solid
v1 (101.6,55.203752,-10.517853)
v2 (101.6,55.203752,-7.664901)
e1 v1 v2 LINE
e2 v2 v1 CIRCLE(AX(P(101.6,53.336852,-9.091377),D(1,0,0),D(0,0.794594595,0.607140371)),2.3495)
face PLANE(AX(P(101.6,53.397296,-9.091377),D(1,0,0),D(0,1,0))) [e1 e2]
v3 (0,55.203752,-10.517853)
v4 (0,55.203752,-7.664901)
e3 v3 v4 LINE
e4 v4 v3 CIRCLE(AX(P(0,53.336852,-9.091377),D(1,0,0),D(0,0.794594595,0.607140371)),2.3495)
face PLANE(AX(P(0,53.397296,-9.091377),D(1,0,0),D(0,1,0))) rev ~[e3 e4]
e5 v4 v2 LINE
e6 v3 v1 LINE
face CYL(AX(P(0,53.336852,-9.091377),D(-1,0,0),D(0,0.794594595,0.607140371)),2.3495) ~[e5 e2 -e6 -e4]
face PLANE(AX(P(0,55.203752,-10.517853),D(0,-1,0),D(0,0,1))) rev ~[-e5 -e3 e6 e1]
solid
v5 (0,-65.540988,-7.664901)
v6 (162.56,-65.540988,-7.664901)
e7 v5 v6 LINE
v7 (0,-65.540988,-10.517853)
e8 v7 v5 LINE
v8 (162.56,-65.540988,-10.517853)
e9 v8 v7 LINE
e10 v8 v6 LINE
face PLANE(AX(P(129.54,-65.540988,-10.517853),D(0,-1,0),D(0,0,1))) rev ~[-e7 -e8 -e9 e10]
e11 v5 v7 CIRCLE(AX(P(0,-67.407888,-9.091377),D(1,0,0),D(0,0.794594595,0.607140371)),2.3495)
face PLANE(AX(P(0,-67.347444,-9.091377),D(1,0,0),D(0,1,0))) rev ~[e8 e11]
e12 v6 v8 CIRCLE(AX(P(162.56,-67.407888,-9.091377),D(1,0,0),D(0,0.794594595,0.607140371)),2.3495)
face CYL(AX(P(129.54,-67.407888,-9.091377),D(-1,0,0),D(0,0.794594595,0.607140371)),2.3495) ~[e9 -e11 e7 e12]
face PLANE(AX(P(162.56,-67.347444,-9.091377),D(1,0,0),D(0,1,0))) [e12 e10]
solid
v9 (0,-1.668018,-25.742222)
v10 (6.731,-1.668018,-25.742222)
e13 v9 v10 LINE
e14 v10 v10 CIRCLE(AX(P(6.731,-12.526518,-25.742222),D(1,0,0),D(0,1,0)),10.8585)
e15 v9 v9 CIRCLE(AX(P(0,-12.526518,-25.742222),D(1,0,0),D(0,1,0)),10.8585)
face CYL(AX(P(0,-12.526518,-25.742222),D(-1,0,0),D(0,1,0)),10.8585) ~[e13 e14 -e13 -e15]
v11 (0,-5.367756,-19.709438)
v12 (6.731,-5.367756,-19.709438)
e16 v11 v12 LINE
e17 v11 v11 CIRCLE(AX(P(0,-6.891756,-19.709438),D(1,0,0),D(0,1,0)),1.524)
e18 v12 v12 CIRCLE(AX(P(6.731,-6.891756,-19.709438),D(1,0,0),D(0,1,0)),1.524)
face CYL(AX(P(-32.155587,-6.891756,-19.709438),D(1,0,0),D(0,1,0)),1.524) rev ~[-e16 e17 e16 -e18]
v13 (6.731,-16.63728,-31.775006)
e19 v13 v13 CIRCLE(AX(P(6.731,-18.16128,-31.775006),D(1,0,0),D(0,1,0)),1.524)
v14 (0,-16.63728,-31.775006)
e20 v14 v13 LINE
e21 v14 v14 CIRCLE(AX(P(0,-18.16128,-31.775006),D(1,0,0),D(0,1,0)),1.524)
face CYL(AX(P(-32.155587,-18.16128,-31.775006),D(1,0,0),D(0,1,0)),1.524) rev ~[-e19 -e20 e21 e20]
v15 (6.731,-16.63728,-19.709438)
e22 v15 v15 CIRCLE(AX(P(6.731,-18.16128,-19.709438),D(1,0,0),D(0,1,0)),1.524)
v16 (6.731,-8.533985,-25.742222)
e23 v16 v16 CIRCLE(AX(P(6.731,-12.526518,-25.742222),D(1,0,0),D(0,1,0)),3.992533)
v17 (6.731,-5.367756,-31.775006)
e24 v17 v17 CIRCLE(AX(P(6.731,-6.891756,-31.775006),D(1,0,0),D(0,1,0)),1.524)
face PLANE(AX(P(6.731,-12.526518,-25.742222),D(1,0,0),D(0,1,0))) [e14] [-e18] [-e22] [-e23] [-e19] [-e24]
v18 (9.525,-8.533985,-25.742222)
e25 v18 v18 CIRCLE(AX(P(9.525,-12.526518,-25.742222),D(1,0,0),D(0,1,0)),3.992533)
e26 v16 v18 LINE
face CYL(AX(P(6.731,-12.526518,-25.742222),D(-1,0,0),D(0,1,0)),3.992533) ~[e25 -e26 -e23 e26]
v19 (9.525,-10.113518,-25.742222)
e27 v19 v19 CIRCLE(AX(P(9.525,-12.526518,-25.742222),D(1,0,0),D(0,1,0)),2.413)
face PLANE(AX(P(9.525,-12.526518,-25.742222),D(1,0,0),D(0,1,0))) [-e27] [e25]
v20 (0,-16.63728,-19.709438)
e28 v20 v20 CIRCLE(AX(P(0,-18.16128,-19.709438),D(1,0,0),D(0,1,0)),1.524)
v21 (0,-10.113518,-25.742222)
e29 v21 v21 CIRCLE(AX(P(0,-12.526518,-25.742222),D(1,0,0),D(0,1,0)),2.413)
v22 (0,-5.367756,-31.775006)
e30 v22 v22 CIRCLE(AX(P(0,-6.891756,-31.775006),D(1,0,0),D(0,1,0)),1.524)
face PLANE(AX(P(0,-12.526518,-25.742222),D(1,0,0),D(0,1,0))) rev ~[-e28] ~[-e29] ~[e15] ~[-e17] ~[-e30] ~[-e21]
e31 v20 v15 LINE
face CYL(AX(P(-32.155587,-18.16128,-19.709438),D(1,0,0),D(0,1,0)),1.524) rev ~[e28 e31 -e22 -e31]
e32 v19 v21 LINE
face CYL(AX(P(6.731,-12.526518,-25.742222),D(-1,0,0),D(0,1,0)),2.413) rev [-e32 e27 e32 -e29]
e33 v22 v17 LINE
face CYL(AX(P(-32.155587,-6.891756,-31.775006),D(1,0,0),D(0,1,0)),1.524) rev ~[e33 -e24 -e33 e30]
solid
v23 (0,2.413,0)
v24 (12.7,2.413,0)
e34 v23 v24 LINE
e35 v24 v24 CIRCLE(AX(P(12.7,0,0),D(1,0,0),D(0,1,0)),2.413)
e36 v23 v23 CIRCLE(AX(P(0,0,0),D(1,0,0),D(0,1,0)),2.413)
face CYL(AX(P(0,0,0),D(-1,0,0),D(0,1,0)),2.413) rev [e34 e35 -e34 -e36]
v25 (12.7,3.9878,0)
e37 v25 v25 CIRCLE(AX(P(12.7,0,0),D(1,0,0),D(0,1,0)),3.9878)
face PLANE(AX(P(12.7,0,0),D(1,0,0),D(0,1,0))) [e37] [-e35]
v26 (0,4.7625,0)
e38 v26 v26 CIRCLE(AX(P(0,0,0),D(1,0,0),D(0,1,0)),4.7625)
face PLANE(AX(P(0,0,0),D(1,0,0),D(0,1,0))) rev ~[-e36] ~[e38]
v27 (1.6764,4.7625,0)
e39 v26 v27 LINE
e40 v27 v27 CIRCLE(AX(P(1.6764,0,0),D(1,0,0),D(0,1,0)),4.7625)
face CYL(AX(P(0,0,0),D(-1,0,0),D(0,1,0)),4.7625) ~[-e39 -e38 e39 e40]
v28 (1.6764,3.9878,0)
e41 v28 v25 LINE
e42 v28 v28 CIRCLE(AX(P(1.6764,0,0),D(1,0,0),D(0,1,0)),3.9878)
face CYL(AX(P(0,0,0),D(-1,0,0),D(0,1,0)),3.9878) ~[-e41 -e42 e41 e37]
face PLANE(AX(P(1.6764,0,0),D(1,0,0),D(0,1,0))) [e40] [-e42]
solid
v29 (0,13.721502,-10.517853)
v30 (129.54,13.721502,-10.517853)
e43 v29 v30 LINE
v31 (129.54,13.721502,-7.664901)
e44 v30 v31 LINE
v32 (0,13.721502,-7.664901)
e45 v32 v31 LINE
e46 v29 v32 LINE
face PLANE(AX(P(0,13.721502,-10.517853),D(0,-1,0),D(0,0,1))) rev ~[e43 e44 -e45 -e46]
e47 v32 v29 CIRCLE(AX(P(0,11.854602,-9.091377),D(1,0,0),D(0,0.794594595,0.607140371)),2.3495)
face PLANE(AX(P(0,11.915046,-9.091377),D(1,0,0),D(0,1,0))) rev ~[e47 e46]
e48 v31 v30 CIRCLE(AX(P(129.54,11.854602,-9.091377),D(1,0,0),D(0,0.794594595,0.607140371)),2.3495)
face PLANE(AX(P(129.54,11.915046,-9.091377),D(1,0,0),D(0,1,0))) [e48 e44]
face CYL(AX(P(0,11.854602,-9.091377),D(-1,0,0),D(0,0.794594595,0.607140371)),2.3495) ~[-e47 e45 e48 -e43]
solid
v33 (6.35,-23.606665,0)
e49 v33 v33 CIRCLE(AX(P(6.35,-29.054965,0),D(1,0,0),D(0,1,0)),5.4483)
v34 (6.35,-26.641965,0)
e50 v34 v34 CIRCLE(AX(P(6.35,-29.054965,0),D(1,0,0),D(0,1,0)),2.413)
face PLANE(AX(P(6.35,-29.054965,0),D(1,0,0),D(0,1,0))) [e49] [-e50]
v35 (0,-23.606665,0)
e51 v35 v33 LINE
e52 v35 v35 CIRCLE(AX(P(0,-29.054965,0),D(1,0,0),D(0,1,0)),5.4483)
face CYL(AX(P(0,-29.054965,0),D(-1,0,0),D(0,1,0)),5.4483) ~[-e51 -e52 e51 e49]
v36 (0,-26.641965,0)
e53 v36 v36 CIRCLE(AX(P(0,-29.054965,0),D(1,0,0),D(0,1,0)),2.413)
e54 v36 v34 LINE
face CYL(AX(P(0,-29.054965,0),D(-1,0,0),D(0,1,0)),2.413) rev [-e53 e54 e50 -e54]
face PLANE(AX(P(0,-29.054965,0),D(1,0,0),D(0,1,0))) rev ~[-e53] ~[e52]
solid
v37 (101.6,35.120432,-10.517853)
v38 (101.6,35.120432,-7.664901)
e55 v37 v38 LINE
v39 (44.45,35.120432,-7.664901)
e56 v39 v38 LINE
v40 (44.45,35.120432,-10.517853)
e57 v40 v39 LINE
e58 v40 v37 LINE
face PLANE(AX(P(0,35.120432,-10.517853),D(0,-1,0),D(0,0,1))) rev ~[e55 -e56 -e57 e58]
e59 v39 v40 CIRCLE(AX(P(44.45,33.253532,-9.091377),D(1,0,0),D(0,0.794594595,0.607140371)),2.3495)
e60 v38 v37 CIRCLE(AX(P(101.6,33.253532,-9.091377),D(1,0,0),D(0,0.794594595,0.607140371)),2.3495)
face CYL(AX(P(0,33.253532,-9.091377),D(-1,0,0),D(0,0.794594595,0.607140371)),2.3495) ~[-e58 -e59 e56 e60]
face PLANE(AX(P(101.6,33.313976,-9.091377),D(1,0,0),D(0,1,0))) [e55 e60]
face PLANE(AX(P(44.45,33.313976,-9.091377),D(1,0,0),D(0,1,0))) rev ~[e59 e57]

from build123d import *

# Parameters (mm, degrees)
F0_R      = 4.7625
F0_R_2    = 3.9878
F1_DEPTH  = 1.6764
F0_R_3    = 2.413
F2_DEPTH  = 12.7
F3_R      = 5.4483
F3_R_2    = 2.413
F4_DEPTH  = 6.35
F5_R      = 10.8585
F5_R_2    = 2.413
F6_DEPTH  = 6.731
F7_R      = 3.9925331181
F7_R_2    = 2.413
F8_DEPTH  = 2.794
F10_D     = 3.048
F12_DEPTH = 129.54
F14_DEPTH = 27.94
F16_DEPTH = 33.02
F18_DEPTH = 44.45


with BuildPart() as f1:
    # F0 (on Right) → F1 (new body)
    with BuildSketch(Plane.YZ):
        Circle(F0_R)
        Circle(F0_R_2, mode=Mode.SUBTRACT)
    extrude(amount=F1_DEPTH)

    # F0 (on Right) → F2 (join)
    with BuildSketch(Plane.YZ):
        Circle(F0_R_2)
        Circle(F0_R_3, mode=Mode.SUBTRACT)
    extrude(amount=F2_DEPTH)


with BuildPart() as f4:
    # F3 (on Right) → F4 (new body)
    with BuildSketch(Plane.YZ):
        with Locations((-29.054964603, 0)):
            Circle(F3_R)
        with Locations((-29.054964603, 0)):
            Circle(F3_R_2, mode=Mode.SUBTRACT)
    extrude(amount=F4_DEPTH)


with BuildPart() as f6:
    # F5 (on Right) → F6 (new body)
    with BuildSketch(Plane.YZ):
        with Locations((-12.5265177339, -25.7422216237)):
            Circle(F5_R)
        with Locations((-12.5265177339, -25.7422216237)):
            Circle(F5_R_2, mode=Mode.SUBTRACT)
    extrude(amount=F6_DEPTH)

    # F7 (on face) → F8 (join)
    with BuildSketch(Plane.YZ.offset(6.731)):
        with Locations((-12.5265177339, -25.7422216237)):
            Circle(F7_R)
        with Locations((-12.5265177339, -25.7422216237)):
            Circle(F7_R_2, mode=Mode.SUBTRACT)
    extrude(amount=F8_DEPTH)

    # F10 (through all)
    with Locations(Plane(origin=(0, 0, 0), x_dir=(0, -1, 0), z_dir=(-1, 0, 0))):
        with Locations((6.8917556933, -19.7094377103), (18.1612797746, -19.7094377103), (18.1612797746, -31.775005537), (6.8917556933, -31.775005537)):
            Hole(F10_D / 2)


with BuildPart() as f12:
    # F11 (on Right) → F12 (new body)
    with BuildSketch(Plane.YZ):
        with BuildLine():
            Line((13.721502339, -10.5178534441), (13.721502339, -7.6649008402))
            ThreePointArc((13.721502339, -7.6649008402), (9.505102339, -9.0913771421), (13.721502339, -10.5178534441))
        make_face()
    extrude(amount=F12_DEPTH)


with BuildPart() as f13_1:
    # F13: copy of F12
    add(f12.part.moved(Location((0, 41.48225, 0))))

    # F14 (cut): a face of the model
    f14_faces = [f13_1.faces().sort_by_distance(p)[0] for p in [
        (129.54, 53.2188838288, -9.0913771421),
    ]]
    extrude(f14_faces, amount=-F14_DEPTH, mode=Mode.SUBTRACT)


with BuildPart() as f15_1:
    # F15: copy of F12
    add(f12.part.moved(Location((0, -79.26249, 0))))

    # F16 (add): a face of the model
    f16_faces = [f15_1.faces().sort_by_distance(p)[0] for p in [
        (129.54, -67.5258561712, -9.0913771421),
    ]]
    extrude(f16_faces, amount=F16_DEPTH)


with BuildPart() as f17_1:
    # F17: copy of F13_1
    add(f13_1.part.moved(Location((0, -20.08332, 0))))

    # F18 (cut): a face of the model
    f18_faces = [f17_1.faces().sort_by_distance(p)[0] for p in [
        (0, 33.1355638288, -9.0913771421),
    ]]
    extrude(f18_faces, amount=-F18_DEPTH, mode=Mode.SUBTRACT)


solid = Compound([f1.part, f4.part, f6.part, f12.part, f13_1.part, f15_1.part, f17_1.part])
